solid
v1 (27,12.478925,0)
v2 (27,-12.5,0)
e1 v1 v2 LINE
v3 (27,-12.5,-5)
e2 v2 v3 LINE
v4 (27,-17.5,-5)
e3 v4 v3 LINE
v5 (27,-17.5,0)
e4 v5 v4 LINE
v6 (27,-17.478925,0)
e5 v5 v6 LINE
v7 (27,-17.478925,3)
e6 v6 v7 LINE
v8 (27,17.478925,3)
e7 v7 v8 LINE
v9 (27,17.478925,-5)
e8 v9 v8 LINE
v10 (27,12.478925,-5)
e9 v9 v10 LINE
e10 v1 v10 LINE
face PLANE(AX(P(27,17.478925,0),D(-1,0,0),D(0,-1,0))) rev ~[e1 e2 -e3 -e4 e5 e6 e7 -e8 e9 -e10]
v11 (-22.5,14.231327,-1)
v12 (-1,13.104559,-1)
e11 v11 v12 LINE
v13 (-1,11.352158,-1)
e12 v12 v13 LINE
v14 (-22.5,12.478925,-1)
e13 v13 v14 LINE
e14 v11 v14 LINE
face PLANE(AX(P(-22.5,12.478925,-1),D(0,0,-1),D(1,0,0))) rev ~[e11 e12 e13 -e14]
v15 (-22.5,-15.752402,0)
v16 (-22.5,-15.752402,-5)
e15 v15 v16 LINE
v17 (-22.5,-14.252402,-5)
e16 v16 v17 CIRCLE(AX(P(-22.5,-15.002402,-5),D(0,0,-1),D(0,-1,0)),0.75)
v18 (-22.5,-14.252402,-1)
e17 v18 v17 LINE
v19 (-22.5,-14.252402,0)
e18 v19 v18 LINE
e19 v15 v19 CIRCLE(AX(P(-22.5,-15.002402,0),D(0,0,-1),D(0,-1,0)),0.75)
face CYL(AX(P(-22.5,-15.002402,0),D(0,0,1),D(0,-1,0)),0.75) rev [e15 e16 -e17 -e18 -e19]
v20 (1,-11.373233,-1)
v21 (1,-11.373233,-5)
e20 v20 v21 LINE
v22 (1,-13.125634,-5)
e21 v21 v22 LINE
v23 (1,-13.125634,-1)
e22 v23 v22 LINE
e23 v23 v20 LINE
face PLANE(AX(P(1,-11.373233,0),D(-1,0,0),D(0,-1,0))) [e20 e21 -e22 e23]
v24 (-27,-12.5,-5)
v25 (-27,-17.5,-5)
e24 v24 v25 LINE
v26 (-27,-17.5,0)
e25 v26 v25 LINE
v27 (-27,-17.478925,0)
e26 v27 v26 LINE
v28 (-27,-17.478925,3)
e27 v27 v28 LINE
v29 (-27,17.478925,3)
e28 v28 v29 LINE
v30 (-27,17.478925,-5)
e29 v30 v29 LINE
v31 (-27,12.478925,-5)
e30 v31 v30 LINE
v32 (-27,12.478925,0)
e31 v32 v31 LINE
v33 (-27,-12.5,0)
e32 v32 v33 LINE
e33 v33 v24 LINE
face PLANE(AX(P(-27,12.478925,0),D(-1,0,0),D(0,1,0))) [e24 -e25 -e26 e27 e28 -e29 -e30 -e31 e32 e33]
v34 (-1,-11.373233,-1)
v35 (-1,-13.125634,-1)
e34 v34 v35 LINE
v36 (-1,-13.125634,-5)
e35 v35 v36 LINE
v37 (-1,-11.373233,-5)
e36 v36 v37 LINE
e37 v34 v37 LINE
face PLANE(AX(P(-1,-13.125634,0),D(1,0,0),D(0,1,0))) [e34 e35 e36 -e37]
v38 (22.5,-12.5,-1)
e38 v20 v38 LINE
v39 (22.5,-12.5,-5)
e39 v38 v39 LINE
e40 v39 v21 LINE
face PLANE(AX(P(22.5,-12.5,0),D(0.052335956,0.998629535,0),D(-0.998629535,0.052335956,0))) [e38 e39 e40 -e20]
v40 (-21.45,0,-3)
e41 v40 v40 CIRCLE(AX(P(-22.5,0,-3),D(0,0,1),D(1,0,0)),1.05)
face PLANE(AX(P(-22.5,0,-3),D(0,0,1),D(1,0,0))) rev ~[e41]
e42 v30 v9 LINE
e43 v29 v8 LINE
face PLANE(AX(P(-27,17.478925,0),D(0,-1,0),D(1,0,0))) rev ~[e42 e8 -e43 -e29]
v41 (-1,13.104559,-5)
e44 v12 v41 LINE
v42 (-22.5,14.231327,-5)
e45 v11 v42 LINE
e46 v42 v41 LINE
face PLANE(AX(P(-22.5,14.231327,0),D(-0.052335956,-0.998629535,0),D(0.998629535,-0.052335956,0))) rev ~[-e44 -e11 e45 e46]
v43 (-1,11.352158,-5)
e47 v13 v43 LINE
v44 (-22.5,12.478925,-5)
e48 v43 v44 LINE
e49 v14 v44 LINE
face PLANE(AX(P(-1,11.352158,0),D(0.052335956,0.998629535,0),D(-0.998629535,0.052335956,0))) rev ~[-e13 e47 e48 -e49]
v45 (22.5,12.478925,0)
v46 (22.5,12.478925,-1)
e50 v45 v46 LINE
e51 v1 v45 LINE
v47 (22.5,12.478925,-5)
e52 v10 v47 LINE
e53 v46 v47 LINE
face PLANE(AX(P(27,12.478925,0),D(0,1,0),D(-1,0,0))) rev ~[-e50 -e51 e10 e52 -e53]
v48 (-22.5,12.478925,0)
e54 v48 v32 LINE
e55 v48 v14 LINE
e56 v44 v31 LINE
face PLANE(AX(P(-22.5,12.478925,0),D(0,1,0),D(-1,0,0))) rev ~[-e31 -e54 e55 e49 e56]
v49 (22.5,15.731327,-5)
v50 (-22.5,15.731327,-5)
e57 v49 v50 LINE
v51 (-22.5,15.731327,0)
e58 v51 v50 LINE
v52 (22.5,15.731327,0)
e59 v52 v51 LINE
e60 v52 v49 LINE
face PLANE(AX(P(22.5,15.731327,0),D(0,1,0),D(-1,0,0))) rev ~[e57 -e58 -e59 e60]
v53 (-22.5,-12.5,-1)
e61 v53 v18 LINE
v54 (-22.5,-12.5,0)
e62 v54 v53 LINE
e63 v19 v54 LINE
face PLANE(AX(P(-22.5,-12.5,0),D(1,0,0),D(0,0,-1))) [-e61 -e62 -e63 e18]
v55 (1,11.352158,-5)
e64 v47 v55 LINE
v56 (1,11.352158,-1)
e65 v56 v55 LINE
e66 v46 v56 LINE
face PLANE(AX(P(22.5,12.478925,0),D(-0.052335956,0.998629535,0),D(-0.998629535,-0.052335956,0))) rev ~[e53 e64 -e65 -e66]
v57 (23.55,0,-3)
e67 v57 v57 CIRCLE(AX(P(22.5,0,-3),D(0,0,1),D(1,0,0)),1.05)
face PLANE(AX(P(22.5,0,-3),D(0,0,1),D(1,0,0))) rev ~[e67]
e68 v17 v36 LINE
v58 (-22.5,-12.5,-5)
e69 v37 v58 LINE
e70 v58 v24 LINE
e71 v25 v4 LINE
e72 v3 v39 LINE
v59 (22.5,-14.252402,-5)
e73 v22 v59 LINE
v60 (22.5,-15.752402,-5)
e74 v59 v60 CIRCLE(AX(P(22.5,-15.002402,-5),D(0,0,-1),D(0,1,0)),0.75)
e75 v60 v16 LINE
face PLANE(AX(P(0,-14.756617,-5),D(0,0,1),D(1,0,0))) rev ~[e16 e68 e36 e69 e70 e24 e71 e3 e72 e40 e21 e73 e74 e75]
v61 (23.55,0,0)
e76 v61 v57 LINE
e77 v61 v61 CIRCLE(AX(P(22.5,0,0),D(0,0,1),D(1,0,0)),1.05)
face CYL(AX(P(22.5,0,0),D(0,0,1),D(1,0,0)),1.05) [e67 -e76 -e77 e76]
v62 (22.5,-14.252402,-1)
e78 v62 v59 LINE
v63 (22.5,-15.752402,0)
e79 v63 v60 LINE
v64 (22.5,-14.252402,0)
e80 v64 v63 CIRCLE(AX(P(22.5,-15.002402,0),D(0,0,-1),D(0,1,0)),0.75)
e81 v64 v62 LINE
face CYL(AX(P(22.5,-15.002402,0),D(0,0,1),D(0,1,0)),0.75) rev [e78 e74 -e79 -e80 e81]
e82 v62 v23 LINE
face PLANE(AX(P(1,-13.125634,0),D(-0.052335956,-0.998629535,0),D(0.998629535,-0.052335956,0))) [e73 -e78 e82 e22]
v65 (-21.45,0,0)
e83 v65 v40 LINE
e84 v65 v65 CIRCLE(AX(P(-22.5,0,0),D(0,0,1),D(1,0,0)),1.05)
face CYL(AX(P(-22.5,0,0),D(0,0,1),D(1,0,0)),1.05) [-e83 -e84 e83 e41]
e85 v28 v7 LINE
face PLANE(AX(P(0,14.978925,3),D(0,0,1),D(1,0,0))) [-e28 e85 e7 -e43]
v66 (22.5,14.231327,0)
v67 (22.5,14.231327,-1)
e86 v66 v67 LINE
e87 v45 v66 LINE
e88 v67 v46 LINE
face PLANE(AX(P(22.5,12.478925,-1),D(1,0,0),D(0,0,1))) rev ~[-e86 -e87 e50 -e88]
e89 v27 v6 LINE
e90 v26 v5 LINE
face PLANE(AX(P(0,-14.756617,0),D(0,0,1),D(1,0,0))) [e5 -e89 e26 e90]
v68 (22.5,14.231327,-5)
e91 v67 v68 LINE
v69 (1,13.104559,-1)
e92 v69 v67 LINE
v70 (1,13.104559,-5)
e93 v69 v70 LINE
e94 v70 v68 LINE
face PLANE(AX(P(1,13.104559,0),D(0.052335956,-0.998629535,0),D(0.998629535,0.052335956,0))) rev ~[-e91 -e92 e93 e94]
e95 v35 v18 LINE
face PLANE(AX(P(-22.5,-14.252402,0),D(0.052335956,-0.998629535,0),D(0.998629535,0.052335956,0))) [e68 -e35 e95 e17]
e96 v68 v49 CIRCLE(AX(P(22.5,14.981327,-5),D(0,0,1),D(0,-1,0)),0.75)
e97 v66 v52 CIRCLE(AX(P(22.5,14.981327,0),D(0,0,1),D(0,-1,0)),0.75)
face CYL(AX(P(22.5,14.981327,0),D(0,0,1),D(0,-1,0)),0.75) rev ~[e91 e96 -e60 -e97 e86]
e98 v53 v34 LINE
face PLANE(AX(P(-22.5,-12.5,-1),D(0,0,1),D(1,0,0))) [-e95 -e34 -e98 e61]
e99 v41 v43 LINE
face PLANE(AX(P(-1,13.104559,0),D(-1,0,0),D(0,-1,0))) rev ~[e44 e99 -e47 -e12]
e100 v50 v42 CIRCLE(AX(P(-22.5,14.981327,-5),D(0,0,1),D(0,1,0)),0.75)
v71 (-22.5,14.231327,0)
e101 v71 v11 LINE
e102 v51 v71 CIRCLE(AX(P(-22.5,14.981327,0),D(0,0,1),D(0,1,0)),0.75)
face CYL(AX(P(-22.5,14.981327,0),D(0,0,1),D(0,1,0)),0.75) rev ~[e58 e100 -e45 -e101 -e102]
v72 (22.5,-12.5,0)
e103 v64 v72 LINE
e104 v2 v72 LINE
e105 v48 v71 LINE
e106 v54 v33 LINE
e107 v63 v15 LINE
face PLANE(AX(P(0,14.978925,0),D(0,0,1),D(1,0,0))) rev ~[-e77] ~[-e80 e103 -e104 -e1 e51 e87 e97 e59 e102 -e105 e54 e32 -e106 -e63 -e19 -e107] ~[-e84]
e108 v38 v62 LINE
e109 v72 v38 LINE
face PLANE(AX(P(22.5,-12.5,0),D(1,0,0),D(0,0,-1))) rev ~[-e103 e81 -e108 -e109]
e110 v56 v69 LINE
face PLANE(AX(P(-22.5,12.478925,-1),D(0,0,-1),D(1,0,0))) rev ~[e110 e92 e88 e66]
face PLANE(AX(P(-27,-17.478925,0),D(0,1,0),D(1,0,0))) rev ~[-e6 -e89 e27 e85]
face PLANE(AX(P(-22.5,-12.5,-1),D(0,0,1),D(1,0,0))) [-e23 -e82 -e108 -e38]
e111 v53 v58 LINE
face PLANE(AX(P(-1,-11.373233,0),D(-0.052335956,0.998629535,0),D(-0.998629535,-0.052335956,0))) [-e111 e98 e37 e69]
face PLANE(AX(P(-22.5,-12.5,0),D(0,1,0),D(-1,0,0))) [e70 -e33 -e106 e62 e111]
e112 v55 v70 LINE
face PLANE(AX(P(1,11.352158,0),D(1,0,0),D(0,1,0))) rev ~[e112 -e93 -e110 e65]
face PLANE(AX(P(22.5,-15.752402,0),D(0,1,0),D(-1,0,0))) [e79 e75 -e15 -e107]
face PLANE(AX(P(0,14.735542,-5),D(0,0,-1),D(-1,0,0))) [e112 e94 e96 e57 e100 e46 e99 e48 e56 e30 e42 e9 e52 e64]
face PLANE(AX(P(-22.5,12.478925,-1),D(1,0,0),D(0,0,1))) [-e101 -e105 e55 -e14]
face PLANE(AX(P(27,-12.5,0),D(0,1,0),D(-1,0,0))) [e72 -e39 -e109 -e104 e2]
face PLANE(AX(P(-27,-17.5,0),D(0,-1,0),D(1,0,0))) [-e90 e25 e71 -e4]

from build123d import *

# Parameters (mm, degrees)
SKETCH1_R             = 1.05
BOSS_EXTRUDE1_DEPTH   = 3
BOSS_EXTRUDE1_2_DEPTH = 3
SKETCH1_3_W           = 54
SKETCH1_3_H           = 24.978925024
BOSS_EXTRUDE2_DEPTH   = 3
BOSS_EXTRUDE4_START   = -3
SKETCH4_W             = 54
SKETCH4_H             = 5
BOSS_EXTRUDE4_DEPTH   = 3
BOSS_EXTRUDE5_DEPTH   = 5
BOSS_EXTRUDE6_DEPTH   = 5
SKETCH6_W             = 45
SKETCH6_H             = 1
CUT_EXTRUDE1_DEPTH    = 2.5
SKETCH7_W             = 45
SKETCH7_H             = 1
CUT_EXTRUDE2_DEPTH    = 2.5


with BuildPart() as part:
    # Sketch1 → Boss-Extrude1 (new body)
    with BuildSketch(Plane.XY):
        with Locations((-22.5, 0)):
            Circle(SKETCH1_R)
    extrude(amount=-BOSS_EXTRUDE1_DEPTH)



with BuildPart() as body_2:
    # Sketch1 → Boss-Extrude1 2 (new body)
    with BuildSketch(Plane.XY):
        with Locations((22.5, 0)):
            Circle(SKETCH1_R)
    extrude(amount=-BOSS_EXTRUDE1_2_DEPTH)


with BuildPart() as part_1:
    add(part.part)

    add(body_2.part)  # Boss-Extrude2 merges body 2
    # Sketch1<3> → Boss-Extrude2 (add)
    with BuildSketch(Plane.XY):
        with Locations((0, -0.010537488)):
            Rectangle(SKETCH1_3_W, SKETCH1_3_H)
    extrude(amount=BOSS_EXTRUDE2_DEPTH)

    # Sketch4 → Boss-Extrude4 (add)
    with BuildSketch(Plane.XY.offset(3).offset(BOSS_EXTRUDE4_START)):
        with Locations((0, 14.978925024)):
            Rectangle(SKETCH4_W, SKETCH4_H)
        with Locations((0, -14.978925024)):
            Rectangle(SKETCH4_W, SKETCH4_H)
    extrude(amount=BOSS_EXTRUDE4_DEPTH)

    # Sketch3 → Boss-Extrude5 (add)
    with BuildSketch(Plane(origin=(0, 0, 0), x_dir=(-1, 0, 0), z_dir=(0, 0, -1))):
        with BuildLine():
            Line((-27, 12.478925024), (-22.5, 12.478925024))
            Line((-22.5, 12.478925024), (-1, 11.35215777))
            Line((-1, 11.35215777), (-1, 13.104559375))
            Line((-1, 13.104559375), (-22.5, 14.23132663))
            ThreePointArc((-22.5, 14.23132663), (-23.25, 14.98132663), (-22.5, 15.73132663))
            Line((-22.5, 15.73132663), (22.5, 15.73132663))
            ThreePointArc((22.5, 15.73132663), (23.25, 14.98132663), (22.5, 14.23132663))
            Line((22.5, 14.23132663), (1, 13.104559375))
            Line((1, 13.104559375), (1, 11.35215777))
            Line((1, 11.35215777), (22.5, 12.478925024))
            Line((22.5, 12.478925024), (27, 12.478925024))
            Line((27, 12.478925024), (27, 17.478925024))
            Line((27, 17.478925024), (-27, 17.478925024))
            Line((-27, 17.478925024), (-27, 12.478925024))
        make_face()
    extrude(amount=BOSS_EXTRUDE5_DEPTH)

    # Sketch3<4> → Boss-Extrude6 (add)
    with BuildSketch(Plane(origin=(0, 0, 0), x_dir=(-1, 0, 0), z_dir=(0, 0, -1))):
        with BuildLine():
            Line((1, -13.125634351), (1, -11.373232745))
            Line((1, -11.373232745), (22.5, -12.5))
            Line((22.5, -12.5), (27, -12.5))
            Line((27, -12.5), (27, -17.5))
            Line((27, -17.5), (-27, -17.5))
            Line((-27, -17.5), (-27, -12.5))
            Line((-27, -12.5), (-22.5, -12.5))
            Line((-22.5, -12.5), (-1, -11.373232745))
            Line((-1, -11.373232745), (-1, -13.125634351))
            Line((-1, -13.125634351), (-22.5, -14.252401605))
            ThreePointArc((-22.5, -14.252401605), (-23.25, -15.002401605), (-22.5, -15.752401605))
            Line((-22.5, -15.752401605), (22.5, -15.752401605))
            ThreePointArc((22.5, -15.752401605), (23.25, -15.002401605), (22.5, -14.252401605))
            Line((22.5, -14.252401605), (1, -13.125634351))
        make_face()
    extrude(amount=BOSS_EXTRUDE6_DEPTH)

    # Sketch6 → Cut-Extrude1 (cut, symmetric)
    with BuildSketch(Plane.XZ.offset(-12.478925024)):
        with Locations((0, -0.5)):
            Rectangle(SKETCH6_W, SKETCH6_H)
    extrude(amount=CUT_EXTRUDE1_DEPTH, both=True, mode=Mode.SUBTRACT)

    # Sketch7 → Cut-Extrude2 (cut, symmetric)
    with BuildSketch(Plane(origin=(0, -12.5, 0), x_dir=(1, 0, 0), z_dir=(0, 1, 0))):
        with Locations((0, 0.5)):
            Rectangle(SKETCH7_W, SKETCH7_H)
    extrude(amount=CUT_EXTRUDE2_DEPTH, both=True, mode=Mode.SUBTRACT)


solid = part_1.part
